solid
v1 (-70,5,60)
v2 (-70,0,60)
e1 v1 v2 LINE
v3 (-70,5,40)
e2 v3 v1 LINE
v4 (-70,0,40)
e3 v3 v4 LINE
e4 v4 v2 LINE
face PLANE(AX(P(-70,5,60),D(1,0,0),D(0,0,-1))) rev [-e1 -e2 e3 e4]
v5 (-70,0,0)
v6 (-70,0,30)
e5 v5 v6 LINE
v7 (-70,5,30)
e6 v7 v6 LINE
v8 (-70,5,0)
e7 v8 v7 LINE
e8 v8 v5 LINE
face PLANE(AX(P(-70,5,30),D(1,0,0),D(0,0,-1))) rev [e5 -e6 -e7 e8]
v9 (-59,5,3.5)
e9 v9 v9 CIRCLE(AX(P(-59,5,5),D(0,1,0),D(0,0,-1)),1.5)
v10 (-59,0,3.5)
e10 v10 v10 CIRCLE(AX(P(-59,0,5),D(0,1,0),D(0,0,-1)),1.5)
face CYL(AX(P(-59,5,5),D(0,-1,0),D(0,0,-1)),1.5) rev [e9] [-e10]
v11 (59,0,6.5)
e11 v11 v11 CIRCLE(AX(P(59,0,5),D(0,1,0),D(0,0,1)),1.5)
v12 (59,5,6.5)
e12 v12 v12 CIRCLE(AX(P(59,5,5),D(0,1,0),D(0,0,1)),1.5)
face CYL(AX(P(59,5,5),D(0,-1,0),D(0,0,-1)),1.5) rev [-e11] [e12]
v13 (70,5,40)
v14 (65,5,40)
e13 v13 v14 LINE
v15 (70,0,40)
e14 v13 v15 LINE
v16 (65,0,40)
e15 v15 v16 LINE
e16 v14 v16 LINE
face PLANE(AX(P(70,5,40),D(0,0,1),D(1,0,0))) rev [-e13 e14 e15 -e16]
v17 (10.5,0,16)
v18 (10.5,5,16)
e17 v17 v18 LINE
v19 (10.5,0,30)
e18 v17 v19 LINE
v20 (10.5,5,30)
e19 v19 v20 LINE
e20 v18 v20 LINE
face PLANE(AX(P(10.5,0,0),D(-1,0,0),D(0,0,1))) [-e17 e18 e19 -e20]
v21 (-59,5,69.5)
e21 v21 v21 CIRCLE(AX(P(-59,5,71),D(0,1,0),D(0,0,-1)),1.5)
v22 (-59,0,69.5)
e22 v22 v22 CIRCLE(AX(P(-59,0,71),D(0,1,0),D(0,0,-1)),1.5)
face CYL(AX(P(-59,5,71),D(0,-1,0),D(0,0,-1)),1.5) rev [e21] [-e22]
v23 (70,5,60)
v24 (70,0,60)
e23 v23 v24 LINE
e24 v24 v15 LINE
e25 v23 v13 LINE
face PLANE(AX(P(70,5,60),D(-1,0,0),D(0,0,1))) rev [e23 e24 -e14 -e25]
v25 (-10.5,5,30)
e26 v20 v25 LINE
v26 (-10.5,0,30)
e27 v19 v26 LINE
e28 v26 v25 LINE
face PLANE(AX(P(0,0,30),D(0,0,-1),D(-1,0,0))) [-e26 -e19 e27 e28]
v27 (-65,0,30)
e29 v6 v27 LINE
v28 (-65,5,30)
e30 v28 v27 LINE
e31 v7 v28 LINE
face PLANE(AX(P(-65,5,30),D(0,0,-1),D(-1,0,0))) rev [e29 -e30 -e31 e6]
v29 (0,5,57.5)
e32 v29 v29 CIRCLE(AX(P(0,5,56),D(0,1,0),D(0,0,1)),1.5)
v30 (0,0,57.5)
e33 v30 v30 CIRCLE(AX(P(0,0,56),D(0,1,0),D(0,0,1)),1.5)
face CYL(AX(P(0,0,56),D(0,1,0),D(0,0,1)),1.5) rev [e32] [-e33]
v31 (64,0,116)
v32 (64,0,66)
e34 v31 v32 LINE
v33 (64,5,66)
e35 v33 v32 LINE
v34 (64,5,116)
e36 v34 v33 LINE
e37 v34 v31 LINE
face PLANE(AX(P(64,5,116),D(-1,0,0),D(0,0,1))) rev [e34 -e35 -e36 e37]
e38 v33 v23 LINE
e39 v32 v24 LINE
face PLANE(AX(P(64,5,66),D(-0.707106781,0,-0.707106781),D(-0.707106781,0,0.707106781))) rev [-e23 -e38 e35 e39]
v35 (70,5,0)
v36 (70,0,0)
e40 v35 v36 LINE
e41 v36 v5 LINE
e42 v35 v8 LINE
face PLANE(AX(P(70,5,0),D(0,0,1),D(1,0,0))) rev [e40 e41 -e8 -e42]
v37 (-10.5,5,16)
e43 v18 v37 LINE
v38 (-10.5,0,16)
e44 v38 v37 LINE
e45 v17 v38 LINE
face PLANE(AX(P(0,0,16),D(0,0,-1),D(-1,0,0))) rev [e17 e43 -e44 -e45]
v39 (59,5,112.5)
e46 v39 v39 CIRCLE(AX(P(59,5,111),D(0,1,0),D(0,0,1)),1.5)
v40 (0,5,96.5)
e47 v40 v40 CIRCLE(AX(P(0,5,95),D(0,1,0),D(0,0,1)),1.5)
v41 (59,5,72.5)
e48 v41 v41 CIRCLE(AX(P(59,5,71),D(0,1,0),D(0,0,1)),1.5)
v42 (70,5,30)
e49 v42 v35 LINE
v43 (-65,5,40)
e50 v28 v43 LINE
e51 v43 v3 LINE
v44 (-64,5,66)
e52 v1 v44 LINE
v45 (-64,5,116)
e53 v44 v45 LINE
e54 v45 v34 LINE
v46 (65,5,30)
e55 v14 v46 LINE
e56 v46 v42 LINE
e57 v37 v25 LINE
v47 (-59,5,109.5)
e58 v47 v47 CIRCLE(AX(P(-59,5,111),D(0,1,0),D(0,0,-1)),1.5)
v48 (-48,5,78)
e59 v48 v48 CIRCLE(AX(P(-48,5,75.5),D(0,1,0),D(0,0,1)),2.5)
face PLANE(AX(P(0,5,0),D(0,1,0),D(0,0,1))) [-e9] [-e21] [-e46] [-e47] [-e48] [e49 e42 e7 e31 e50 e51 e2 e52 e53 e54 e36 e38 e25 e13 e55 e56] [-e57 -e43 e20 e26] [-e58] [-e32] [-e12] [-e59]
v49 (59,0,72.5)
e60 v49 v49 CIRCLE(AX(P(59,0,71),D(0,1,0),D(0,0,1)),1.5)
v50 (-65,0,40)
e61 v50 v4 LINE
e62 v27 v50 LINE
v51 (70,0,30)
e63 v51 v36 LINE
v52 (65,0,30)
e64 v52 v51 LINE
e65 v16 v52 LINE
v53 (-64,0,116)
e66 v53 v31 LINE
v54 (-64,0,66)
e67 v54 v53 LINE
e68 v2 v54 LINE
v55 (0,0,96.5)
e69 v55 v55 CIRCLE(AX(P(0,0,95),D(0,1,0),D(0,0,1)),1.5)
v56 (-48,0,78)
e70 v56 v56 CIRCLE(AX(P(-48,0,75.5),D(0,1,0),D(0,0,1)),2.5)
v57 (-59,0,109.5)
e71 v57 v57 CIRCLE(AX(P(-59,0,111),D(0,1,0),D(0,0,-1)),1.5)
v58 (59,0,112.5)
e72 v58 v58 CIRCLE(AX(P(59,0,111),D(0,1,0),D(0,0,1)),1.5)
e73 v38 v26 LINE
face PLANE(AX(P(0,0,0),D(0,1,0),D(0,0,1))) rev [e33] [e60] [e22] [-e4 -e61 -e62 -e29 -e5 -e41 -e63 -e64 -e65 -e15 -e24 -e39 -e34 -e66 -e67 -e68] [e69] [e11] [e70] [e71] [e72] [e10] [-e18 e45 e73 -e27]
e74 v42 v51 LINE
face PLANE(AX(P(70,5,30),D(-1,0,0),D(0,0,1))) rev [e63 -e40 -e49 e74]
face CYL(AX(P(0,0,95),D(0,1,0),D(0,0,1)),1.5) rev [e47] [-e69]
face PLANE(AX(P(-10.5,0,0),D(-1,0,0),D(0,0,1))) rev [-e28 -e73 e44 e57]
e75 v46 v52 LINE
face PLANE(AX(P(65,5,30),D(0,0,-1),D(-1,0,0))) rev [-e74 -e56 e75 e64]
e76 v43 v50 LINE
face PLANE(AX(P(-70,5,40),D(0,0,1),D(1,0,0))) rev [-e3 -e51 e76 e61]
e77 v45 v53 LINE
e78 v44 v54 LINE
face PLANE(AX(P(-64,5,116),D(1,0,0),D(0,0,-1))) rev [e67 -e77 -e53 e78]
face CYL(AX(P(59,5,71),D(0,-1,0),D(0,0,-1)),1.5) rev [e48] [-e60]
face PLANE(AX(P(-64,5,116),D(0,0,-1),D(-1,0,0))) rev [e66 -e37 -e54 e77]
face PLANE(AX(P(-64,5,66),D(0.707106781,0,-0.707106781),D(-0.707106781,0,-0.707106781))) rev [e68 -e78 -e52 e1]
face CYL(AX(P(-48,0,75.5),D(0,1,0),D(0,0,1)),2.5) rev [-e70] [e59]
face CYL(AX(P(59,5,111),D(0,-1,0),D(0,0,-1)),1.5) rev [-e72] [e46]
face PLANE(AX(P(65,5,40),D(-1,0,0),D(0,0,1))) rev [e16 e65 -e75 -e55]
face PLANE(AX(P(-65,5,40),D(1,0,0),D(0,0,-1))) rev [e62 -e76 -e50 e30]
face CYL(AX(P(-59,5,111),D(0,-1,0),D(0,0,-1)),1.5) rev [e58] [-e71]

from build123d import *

# Parameters (mm, degrees)
SKETCH1_R           = 1.5
BOSS_EXTRUDE1_DEPTH = 5
SKETCH2_R           = 1.5
SKETCH2_R_2         = 2.5
SKETCH2_W           = 21
SKETCH2_H           = 14
CUT_EXTRUDE1_DEPTH  = 136.576546644


with BuildPart() as part:
    # Sketch1 → Boss-Extrude1 (new body)
    with BuildSketch(Plane(origin=(0, 0, 0), x_dir=(1, 0, 0), z_dir=(0, 1, 0))):
        Polygon((64, -116), (64, -66), (70, -60), (70, -40), (65, -40), (65, -30), (70, -30), (70, 0), (-70, 0), (-70, -30), (-65, -30), (-65, -40), (-70, -40), (-70, -60), (-64, -66), (-64, -116), align=None)
        with Locations(Location((59, -5, 0), (0, 0, 270))):
            Circle(SKETCH1_R, mode=Mode.SUBTRACT)
        with Locations(Location((59, -71, 0), (0, 0, 270))):
            Circle(SKETCH1_R, mode=Mode.SUBTRACT)
        with Locations(Location((59, -111, 0), (0, 0, 270))):
            Circle(SKETCH1_R, mode=Mode.SUBTRACT)
        with Locations(Location((-59, -111, 0), (0, 0, 90))):
            Circle(SKETCH1_R, mode=Mode.SUBTRACT)
        with Locations(Location((-59, -71, 0), (0, 0, 90))):
            Circle(SKETCH1_R, mode=Mode.SUBTRACT)
        with Locations(Location((-59, -5, 0), (0, 0, 90))):
            Circle(SKETCH1_R, mode=Mode.SUBTRACT)
    extrude(amount=BOSS_EXTRUDE1_DEPTH)

    # Sketch2 → Cut-Extrude1 (cut, through all)
    with BuildSketch(Plane(origin=(0, 5, 0), x_dir=(1, 0, 0), z_dir=(0, 1, 0))):
        with Locations(Location((0, -56, 0), (0, 0, 270))):
            Circle(SKETCH2_R)
        with Locations(Location((0, -95, 0), (0, 0, 270))):
            Circle(SKETCH2_R)
        with Locations(Location((-48, -75.5, 0), (0, 0, 270))):
            Circle(SKETCH2_R_2)
        with Locations((0, -23)):
            Rectangle(SKETCH2_W, SKETCH2_H)
    extrude(amount=-CUT_EXTRUDE1_DEPTH, mode=Mode.SUBTRACT)


solid = part.part
